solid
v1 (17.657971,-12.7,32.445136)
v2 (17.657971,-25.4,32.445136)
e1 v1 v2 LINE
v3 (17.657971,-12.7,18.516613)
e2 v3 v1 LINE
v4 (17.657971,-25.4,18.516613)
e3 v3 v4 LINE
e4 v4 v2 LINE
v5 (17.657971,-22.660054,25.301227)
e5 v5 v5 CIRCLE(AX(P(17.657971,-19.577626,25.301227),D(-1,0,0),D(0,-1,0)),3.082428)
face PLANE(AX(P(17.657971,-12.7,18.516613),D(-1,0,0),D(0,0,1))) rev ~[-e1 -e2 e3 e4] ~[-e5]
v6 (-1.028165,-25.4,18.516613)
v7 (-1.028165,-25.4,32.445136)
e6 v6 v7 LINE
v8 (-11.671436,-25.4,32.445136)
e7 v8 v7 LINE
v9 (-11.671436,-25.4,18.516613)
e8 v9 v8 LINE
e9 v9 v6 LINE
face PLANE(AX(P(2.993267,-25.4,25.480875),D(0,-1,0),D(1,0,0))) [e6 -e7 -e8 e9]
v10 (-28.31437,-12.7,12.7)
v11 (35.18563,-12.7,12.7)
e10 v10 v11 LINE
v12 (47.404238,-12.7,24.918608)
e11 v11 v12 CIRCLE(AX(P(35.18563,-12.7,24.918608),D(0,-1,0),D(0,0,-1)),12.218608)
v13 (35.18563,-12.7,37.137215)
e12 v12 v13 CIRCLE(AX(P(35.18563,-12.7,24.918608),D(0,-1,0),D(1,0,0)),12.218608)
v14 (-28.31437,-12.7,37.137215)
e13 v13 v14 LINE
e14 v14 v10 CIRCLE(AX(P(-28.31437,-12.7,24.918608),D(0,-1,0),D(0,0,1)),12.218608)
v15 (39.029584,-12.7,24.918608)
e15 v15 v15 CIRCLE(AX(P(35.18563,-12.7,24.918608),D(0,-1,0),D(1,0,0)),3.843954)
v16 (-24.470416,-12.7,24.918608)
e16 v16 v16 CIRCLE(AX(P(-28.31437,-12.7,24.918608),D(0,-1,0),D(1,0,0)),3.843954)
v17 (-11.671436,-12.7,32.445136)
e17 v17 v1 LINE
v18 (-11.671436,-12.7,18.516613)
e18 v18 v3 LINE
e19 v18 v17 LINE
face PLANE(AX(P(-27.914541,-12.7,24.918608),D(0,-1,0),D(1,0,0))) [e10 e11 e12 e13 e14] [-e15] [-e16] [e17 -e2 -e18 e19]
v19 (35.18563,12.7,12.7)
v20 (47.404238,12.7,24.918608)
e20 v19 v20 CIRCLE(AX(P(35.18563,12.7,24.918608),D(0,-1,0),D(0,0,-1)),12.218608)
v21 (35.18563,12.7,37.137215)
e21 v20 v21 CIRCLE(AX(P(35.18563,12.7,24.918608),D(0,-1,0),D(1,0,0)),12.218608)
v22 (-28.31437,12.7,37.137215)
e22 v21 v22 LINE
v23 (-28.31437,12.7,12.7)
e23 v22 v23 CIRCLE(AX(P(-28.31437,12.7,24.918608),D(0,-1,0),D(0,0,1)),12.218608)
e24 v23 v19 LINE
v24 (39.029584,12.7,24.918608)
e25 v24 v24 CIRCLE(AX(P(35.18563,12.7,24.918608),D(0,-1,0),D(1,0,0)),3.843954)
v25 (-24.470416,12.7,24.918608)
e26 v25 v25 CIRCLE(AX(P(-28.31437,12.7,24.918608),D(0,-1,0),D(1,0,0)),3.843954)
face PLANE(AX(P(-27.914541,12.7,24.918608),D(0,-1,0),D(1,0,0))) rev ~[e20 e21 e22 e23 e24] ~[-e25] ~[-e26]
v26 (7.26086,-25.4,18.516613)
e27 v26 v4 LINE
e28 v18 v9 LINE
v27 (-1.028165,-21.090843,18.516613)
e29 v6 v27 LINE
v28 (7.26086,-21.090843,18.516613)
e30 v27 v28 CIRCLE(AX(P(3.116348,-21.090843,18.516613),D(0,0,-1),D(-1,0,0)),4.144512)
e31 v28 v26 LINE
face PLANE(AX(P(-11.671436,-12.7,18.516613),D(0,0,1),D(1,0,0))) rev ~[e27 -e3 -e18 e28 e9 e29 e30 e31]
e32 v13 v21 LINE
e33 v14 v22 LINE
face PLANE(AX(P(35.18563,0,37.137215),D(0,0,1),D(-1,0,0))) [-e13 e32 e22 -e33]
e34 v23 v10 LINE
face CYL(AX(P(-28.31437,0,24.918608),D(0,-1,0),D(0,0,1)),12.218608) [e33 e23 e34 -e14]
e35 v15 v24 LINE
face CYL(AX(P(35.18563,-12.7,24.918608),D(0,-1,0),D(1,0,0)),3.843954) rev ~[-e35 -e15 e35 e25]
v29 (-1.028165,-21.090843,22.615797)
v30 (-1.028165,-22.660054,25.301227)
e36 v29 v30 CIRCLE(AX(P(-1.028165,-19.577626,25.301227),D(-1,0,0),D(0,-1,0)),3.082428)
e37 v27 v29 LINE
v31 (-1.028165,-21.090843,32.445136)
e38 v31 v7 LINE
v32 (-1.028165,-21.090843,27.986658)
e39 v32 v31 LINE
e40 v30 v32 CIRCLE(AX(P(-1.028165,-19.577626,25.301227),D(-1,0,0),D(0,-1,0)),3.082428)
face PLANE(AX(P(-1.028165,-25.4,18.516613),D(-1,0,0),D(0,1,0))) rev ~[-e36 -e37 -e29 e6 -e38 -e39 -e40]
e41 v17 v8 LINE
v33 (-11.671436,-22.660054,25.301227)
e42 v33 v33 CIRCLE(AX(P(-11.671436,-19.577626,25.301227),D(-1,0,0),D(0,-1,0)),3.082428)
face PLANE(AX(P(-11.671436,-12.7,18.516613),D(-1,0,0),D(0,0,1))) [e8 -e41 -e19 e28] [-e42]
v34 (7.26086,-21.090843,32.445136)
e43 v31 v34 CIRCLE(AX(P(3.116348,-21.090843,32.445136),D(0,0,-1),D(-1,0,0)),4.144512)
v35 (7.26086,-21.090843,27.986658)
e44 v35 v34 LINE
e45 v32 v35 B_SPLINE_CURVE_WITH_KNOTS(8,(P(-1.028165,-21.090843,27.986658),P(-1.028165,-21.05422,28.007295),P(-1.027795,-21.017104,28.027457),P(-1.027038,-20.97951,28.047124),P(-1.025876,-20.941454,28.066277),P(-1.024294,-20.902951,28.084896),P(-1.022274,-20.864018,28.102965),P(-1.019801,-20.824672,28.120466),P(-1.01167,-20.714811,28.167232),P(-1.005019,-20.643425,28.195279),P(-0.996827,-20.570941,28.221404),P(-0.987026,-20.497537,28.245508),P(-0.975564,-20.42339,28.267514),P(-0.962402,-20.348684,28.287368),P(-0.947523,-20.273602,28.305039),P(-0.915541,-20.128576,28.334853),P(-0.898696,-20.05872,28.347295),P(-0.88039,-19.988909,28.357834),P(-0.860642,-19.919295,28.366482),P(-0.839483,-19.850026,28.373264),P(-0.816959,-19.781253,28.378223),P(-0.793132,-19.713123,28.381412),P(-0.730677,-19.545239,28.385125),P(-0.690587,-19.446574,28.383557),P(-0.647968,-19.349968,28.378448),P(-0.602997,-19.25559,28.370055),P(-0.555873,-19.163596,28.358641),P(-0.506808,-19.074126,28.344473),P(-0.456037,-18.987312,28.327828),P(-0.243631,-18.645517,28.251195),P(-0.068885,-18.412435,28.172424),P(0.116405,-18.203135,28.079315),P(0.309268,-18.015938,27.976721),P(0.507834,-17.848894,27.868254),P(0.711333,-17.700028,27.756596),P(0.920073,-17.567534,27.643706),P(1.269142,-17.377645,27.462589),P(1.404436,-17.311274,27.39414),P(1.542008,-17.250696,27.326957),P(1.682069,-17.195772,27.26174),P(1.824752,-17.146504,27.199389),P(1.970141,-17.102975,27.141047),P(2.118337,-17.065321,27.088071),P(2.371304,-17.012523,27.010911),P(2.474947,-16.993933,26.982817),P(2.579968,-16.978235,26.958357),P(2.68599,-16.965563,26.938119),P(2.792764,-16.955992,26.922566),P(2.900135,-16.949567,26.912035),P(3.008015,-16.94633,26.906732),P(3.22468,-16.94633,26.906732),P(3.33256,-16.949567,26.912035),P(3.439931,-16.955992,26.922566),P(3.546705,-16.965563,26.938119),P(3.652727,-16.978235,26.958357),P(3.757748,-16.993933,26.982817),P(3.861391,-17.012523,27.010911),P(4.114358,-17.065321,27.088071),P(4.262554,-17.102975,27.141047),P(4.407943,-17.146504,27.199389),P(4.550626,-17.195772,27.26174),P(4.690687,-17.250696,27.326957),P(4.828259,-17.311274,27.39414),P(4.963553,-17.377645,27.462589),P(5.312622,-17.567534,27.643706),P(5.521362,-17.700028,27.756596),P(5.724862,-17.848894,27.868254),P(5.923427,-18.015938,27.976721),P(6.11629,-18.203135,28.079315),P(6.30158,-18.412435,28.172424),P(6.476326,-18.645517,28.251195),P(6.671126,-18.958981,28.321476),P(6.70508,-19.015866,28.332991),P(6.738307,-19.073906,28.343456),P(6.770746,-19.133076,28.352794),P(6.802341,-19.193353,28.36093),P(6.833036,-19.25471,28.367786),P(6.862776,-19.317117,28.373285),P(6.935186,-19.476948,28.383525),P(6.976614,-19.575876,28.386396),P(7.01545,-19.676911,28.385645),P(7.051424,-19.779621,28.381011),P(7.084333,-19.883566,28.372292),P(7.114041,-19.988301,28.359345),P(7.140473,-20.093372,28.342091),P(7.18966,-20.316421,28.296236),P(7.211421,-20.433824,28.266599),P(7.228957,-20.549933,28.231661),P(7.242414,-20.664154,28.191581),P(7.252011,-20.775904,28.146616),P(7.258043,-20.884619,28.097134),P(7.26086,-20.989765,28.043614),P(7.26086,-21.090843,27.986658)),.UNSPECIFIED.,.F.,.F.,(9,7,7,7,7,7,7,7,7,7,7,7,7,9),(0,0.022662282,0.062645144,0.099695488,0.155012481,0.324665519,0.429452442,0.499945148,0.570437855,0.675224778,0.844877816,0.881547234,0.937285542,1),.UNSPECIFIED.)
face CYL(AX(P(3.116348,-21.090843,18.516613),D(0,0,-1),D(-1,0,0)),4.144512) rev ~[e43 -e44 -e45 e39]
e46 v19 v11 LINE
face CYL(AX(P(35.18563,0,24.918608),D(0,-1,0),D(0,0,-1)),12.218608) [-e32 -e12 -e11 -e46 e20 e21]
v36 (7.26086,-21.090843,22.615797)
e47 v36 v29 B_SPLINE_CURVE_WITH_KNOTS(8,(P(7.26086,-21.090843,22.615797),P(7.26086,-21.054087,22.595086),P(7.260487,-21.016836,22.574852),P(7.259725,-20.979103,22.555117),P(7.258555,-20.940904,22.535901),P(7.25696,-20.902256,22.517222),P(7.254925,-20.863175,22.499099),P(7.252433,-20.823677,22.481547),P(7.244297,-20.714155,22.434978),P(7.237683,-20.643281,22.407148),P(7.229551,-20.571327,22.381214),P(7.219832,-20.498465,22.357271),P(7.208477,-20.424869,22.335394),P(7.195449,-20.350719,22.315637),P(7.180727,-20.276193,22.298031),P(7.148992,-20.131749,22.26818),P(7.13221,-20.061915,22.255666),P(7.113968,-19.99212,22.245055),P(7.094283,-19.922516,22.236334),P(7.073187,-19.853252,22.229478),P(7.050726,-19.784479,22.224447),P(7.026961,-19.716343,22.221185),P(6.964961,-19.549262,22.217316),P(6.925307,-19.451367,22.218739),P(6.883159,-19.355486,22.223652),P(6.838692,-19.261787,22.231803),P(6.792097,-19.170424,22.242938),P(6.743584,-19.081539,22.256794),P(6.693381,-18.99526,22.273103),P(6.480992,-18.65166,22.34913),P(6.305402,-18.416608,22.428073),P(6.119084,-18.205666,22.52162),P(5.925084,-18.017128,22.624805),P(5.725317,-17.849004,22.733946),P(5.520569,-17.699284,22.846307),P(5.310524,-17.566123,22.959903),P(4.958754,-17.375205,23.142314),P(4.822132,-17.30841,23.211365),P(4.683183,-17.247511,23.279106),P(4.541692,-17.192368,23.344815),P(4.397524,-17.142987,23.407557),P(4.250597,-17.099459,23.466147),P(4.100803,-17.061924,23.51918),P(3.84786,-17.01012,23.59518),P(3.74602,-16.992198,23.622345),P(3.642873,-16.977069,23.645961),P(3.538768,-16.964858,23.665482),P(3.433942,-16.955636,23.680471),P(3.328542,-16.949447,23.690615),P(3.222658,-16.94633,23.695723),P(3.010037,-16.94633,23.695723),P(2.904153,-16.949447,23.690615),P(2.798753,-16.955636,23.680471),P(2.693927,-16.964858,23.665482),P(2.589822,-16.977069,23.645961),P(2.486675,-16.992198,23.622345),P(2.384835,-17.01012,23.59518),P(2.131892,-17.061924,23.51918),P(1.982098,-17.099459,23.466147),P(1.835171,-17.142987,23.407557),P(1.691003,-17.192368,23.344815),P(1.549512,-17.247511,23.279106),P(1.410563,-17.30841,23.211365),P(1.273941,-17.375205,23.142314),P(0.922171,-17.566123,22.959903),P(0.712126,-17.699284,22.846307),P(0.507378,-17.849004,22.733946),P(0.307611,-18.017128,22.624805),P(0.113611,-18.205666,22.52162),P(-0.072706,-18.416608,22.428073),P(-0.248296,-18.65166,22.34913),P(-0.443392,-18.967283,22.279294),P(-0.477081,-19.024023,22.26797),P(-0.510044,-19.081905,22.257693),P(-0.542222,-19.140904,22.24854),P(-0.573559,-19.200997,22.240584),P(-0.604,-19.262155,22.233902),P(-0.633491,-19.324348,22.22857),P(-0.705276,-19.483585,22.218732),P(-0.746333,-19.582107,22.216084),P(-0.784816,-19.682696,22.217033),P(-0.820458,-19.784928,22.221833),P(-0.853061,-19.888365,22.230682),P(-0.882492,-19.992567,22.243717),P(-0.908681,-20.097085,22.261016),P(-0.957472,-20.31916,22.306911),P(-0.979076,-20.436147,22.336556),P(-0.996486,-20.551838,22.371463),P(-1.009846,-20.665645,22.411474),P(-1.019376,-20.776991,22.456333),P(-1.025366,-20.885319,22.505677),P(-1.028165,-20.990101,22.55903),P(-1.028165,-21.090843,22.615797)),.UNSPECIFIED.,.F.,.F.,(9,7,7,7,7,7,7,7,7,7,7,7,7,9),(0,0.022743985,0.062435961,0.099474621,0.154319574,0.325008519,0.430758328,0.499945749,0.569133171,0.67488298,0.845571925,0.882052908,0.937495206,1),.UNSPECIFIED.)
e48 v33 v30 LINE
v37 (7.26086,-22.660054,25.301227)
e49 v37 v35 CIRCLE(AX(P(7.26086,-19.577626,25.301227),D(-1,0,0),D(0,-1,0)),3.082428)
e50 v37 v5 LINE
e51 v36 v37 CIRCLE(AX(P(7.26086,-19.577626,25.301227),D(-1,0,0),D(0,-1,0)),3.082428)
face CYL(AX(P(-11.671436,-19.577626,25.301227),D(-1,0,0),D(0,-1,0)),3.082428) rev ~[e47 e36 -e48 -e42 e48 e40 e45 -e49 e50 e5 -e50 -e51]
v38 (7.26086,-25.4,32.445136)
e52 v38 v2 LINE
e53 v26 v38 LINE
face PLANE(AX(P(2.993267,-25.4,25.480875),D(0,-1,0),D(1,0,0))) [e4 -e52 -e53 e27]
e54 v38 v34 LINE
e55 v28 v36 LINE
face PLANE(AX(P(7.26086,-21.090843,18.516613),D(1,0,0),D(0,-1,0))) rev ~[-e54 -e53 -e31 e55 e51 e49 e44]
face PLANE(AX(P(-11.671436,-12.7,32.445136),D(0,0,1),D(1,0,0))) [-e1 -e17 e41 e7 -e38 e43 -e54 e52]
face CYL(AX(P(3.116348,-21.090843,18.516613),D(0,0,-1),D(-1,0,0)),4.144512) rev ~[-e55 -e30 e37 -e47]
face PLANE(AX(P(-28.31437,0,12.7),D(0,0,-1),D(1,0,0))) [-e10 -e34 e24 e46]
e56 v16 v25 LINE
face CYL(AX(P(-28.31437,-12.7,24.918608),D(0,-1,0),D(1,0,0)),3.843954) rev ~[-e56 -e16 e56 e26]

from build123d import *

# Parameters (mm, degrees)
F1_DEPTH  = 12.7
F2_DEPTH  = 12.7
F3_R      = 3.8439536327
F4_DEPTH  = 25.401
F5_W      = 29.3294070289
F5_H      = 13.9285232872
F6_DEPTH  = 12.7
F8_DEPTH  = 18.6216022351
F9_R      = 3.0824278946
F10_DEPTH = 59.0766736131


with BuildPart() as f1:
    # F0 (on Front) → F1 (new body, symmetric)
    with BuildSketch(Plane.XZ):
        with BuildLine():
            Line((35.185629891, 37.1372154056), (-28.314370109, 37.1372154056))
            ThreePointArc((-28.314370109, 37.1372154056), (-19.6745097456, 33.5584680661), (-16.0957624062, 24.9186077028))
            ThreePointArc((-16.0957624062, 24.9186077028), (-19.6745097456, 16.2787473395), (-28.314370109, 12.7))
            Line((-28.314370109, 12.7), (35.185629891, 12.7))
            ThreePointArc((35.185629891, 12.7), (22.9670221883, 24.9186077028), (35.185629891, 37.1372154056))
        make_face()
        with BuildLine():
            ThreePointArc((47.4042375938, 24.9186077028), (43.8254902544, 33.5584680661), (35.185629891, 37.1372154056))
            ThreePointArc((35.185629891, 37.1372154056), (22.9670221883, 24.9186077028), (35.185629891, 12.7))
            ThreePointArc((35.185629891, 12.7), (43.8254902544, 16.2787473395), (47.4042375938, 24.9186077028))
        make_face()
    extrude(amount=F1_DEPTH, both=True)

    # F0 (on Front) → F2 (join, symmetric)
    with BuildSketch(Plane.XZ):
        with BuildLine():
            ThreePointArc((-16.0957624062, 24.9186077028), (-19.6745097456, 33.5584680661), (-28.314370109, 37.1372154056))
            ThreePointArc((-28.314370109, 37.1372154056), (-40.5329778117, 24.9186077028), (-28.314370109, 12.7))
            ThreePointArc((-28.314370109, 12.7), (-19.6745097456, 16.2787473395), (-16.0957624062, 24.9186077028))
        make_face()
        with BuildLine():
            Line((35.185629891, 37.1372154056), (-28.314370109, 37.1372154056))
            ThreePointArc((-28.314370109, 37.1372154056), (-19.6745097456, 33.5584680661), (-16.0957624062, 24.9186077028))
            ThreePointArc((-16.0957624062, 24.9186077028), (-19.6745097456, 16.2787473395), (-28.314370109, 12.7))
            Line((-28.314370109, 12.7), (35.185629891, 12.7))
            ThreePointArc((35.185629891, 12.7), (22.9670221883, 24.9186077028), (35.185629891, 37.1372154056))
        make_face()
        with BuildLine():
            ThreePointArc((47.4042375938, 24.9186077028), (43.8254902544, 33.5584680661), (35.185629891, 37.1372154056))
            ThreePointArc((35.185629891, 37.1372154056), (22.9670221883, 24.9186077028), (35.185629891, 12.7))
            ThreePointArc((35.185629891, 12.7), (43.8254902544, 16.2787473395), (47.4042375938, 24.9186077028))
        make_face()
    extrude(amount=F2_DEPTH, both=True)

    # F3 (on face) → F4 (cut, through all)
    with BuildSketch(Plane.XZ.offset(12.7)):
        with Locations((-28.314370109, 24.9186077028)):
            Circle(F3_R)
        with Locations((35.185629891, 24.9186077028)):
            Circle(F3_R)
    extrude(amount=-F4_DEPTH, mode=Mode.SUBTRACT)

    # F5 (on face) → F6 (join)
    with BuildSketch(Plane.XZ.offset(12.7)):
        with Locations((2.9932674952, 25.4808748141)):
            Rectangle(F5_W, F5_H)
    extrude(amount=F6_DEPTH)

    # F7 (on face) → F8 (cut, through all)
    with BuildSketch(Plane(origin=(0, 0, 18.5166131705), x_dir=(1, 0, 0), z_dir=(0, 0, -1))):
        with BuildLine():
            Line((7.2608599439, 21.0908427835), (7.2608599439, 25.4))
            Line((7.2608599439, 25.4), (-1.028164872, 25.4))
            Line((-1.028164872, 25.4), (-1.028164872, 21.0908427835))
            ThreePointArc((-1.028164872, 21.0908427835), (3.116347536, 16.9463303755), (7.2608599439, 21.0908427835))
        make_face()
    extrude(amount=-F8_DEPTH, mode=Mode.SUBTRACT)

    # F9 (on face) → F10 (cut, through all)
    with BuildSketch(Plane(origin=(-11.6714360192, 0, 0), x_dir=(0, -1, 0), z_dir=(-1, 0, 0))):
        with Locations((19.5776261389, 25.3012273461)):
            Circle(F9_R)
    extrude(amount=-F10_DEPTH, mode=Mode.SUBTRACT)


solid = f1.part
